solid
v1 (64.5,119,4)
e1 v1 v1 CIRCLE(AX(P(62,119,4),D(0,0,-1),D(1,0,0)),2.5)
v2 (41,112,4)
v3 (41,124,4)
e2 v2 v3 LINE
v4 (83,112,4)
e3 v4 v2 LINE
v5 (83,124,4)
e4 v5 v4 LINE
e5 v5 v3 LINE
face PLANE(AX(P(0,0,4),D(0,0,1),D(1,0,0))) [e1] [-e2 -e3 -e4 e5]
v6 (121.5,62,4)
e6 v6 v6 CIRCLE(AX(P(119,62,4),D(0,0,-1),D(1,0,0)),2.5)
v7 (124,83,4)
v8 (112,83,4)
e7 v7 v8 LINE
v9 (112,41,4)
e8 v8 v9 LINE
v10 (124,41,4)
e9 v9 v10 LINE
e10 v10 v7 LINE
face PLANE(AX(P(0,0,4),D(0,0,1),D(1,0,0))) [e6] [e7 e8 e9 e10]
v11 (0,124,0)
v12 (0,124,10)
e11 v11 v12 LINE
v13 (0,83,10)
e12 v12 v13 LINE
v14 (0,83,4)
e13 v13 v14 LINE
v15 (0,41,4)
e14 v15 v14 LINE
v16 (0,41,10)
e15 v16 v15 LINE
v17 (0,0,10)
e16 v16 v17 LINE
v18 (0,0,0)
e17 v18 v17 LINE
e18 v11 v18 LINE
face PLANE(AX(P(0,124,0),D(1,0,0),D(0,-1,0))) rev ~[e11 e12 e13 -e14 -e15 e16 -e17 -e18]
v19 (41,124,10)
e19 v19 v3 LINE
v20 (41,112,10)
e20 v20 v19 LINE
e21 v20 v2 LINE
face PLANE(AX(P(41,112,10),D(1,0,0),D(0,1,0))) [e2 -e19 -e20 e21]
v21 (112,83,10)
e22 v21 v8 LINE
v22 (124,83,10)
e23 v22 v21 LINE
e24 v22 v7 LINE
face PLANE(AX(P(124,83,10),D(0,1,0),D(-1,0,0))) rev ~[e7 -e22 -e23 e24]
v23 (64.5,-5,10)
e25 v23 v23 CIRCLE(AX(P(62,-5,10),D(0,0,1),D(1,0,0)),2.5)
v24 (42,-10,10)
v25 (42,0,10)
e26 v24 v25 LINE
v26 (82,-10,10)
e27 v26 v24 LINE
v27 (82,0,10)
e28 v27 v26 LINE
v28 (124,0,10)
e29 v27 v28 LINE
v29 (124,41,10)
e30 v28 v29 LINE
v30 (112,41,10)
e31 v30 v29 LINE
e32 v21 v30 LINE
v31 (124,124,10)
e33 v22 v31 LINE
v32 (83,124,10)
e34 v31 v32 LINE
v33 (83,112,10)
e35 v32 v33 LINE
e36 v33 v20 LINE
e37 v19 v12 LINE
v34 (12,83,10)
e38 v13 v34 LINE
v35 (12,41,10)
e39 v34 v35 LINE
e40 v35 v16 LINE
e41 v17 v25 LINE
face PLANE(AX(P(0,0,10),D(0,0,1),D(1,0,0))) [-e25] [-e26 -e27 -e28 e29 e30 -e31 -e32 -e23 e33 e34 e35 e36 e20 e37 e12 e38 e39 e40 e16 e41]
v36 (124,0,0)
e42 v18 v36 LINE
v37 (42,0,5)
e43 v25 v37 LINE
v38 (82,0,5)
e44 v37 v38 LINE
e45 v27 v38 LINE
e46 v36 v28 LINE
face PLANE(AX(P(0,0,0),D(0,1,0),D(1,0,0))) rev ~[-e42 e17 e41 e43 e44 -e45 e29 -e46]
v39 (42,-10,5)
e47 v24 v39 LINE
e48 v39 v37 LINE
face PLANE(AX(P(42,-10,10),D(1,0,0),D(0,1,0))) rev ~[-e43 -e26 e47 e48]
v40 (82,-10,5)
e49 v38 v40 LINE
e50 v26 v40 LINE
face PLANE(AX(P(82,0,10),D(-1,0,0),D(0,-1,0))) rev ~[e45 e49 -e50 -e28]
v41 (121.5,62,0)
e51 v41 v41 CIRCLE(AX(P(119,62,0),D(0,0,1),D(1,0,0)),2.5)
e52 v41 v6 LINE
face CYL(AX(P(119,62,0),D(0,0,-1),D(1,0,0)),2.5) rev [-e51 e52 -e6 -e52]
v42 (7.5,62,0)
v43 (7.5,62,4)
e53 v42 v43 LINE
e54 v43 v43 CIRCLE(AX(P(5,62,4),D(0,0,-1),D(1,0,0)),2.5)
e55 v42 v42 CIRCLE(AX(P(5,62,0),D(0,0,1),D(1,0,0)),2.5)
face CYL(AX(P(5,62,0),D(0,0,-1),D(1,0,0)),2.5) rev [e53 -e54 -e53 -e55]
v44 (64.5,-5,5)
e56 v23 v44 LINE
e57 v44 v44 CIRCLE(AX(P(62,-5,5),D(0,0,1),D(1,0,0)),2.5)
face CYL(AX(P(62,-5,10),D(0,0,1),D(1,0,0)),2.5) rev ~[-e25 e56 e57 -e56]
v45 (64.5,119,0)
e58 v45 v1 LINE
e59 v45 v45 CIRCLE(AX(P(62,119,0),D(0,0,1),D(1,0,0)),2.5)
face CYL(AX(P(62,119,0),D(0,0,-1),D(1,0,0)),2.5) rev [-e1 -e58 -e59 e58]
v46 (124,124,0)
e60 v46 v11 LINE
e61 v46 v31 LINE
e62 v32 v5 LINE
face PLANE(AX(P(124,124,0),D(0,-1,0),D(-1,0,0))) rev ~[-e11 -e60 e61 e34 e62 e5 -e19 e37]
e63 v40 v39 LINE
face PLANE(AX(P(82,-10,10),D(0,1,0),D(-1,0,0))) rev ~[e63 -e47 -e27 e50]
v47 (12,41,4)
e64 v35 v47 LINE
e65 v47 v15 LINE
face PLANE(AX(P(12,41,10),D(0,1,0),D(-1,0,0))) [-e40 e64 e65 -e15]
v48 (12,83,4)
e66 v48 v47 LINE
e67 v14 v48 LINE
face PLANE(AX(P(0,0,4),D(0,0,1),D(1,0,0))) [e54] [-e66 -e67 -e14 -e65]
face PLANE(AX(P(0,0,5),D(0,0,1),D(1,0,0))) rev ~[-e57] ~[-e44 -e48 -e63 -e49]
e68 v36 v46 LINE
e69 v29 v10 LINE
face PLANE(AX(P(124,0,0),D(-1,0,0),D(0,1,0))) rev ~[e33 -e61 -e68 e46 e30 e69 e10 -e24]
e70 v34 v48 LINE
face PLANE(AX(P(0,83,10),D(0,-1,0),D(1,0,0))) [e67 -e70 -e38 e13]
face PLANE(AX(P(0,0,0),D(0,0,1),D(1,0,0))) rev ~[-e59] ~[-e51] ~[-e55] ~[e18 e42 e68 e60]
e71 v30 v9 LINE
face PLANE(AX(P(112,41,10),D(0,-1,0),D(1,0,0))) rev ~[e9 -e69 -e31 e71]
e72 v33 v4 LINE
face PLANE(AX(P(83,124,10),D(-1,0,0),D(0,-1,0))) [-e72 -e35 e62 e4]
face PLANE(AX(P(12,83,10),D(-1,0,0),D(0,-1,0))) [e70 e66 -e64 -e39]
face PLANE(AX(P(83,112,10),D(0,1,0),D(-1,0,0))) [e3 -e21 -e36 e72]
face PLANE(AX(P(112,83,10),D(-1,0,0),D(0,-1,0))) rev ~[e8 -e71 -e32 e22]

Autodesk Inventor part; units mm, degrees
ref_plane "YZ Plane" through (0, 0, 0) normal (1, 0, 0) x (0, 1, 0)
ref_plane "XZ Plane" through (0, 0, 0) normal (0, 1, 0) x (-1, 0, 0)
ref_plane "XY Plane" through (0, 0, 0) normal (0, 0, 1) x (1, 0, 0)
sketch "Sketch1" plane through (0, 0, 0) normal (0, 0, 1) x (1, 0, 0)
  line L0 (0, 0) -> (124, 0)
  line L1 (124, 0) -> (124, 124)
  line L2 (124, 124) -> (0, 124)
  line L3 (0, 124) -> (0, 0)
  circle A0 centre (5, 62) radius 2.5
  circle A1 centre (119, 62) radius 2.5
  circle A2 centre (62, 119) radius 2.5
  point P0 (124, 62)
  point P1 (0, 62)
  point P2 (62, 124)
  dimension "d0" = 124
  dimension "d1" = 124
  dimension "d2" = 5
  dimension "d3" = 5
  dimension "d4" = 5
  dimension "d5" = 5
  dimension "d6" = 5
  dimension "d7" = 5
extrude "Extrusion1" add sketch "Sketch1" along normal blind 10
sketch "Sketch2" plane through (0, 0, 10) normal (0, 0, 1) x (1, 0, 0)
  line L0 (0, 83) -> (12, 83)
  line L1 (12, 83) -> (12, 41)
  line L2 (12, 41) -> (0, 41)
  line L3 (0, 41) -> (0, 83)
  line L4 (124, 124) -> (0, 124) projected
  line L5 (41, 124) -> (83, 124)
  line L6 (83, 124) -> (83, 112)
  line L7 (83, 112) -> (41, 112)
  line L8 (41, 112) -> (41, 124)
  line L9 (124, 0) -> (124, 124) projected
  line L10 (124, 83) -> (112, 83)
  line L11 (112, 83) -> (112, 41)
  line L12 (112, 41) -> (124, 41)
  line L13 (124, 41) -> (124, 83)
  line L14 (0, 124) -> (0, 0) projected
  point P0 (62, 112)
  point P1 (62, 124)
  point P2 (112, 62)
  point P3 (124, 62)
  point P4 (12, 62)
  point P5 (0, 62)
  dimension "d10" = 12
  dimension "d11" = 42
  dimension "d12" = 42
  dimension "d13" = 12
  dimension "d14" = 12
  dimension "d15" = 42
extrude "Extrusion2" cut sketch "Sketch2" against normal blind 6
sketch "Sketch3" plane through (0, 0, 10) normal (0, 0, 1) x (1, 0, 0)
  line L0 (0, 0) -> (124, 0) projected
  line L1 (42, 0) -> (82, 0)
  line L2 (82, 0) -> (82, -10)
  line L3 (82, -10) -> (42, -10)
  line L4 (42, -10) -> (42, 0)
  circle A0 centre (62, -5) radius 2.5
  point P0 (42, -5)
  point P1 (62, -10)
  point P2 (62, 0)
  point P3 (62, 0)
  dimension "d18" = 40
  dimension "d19" = 10
  dimension "d20" = 5
extrude "Extrusion3" add sketch "Sketch3" against normal blind 5
properties part number "TC007" material "ABS Plastic"
